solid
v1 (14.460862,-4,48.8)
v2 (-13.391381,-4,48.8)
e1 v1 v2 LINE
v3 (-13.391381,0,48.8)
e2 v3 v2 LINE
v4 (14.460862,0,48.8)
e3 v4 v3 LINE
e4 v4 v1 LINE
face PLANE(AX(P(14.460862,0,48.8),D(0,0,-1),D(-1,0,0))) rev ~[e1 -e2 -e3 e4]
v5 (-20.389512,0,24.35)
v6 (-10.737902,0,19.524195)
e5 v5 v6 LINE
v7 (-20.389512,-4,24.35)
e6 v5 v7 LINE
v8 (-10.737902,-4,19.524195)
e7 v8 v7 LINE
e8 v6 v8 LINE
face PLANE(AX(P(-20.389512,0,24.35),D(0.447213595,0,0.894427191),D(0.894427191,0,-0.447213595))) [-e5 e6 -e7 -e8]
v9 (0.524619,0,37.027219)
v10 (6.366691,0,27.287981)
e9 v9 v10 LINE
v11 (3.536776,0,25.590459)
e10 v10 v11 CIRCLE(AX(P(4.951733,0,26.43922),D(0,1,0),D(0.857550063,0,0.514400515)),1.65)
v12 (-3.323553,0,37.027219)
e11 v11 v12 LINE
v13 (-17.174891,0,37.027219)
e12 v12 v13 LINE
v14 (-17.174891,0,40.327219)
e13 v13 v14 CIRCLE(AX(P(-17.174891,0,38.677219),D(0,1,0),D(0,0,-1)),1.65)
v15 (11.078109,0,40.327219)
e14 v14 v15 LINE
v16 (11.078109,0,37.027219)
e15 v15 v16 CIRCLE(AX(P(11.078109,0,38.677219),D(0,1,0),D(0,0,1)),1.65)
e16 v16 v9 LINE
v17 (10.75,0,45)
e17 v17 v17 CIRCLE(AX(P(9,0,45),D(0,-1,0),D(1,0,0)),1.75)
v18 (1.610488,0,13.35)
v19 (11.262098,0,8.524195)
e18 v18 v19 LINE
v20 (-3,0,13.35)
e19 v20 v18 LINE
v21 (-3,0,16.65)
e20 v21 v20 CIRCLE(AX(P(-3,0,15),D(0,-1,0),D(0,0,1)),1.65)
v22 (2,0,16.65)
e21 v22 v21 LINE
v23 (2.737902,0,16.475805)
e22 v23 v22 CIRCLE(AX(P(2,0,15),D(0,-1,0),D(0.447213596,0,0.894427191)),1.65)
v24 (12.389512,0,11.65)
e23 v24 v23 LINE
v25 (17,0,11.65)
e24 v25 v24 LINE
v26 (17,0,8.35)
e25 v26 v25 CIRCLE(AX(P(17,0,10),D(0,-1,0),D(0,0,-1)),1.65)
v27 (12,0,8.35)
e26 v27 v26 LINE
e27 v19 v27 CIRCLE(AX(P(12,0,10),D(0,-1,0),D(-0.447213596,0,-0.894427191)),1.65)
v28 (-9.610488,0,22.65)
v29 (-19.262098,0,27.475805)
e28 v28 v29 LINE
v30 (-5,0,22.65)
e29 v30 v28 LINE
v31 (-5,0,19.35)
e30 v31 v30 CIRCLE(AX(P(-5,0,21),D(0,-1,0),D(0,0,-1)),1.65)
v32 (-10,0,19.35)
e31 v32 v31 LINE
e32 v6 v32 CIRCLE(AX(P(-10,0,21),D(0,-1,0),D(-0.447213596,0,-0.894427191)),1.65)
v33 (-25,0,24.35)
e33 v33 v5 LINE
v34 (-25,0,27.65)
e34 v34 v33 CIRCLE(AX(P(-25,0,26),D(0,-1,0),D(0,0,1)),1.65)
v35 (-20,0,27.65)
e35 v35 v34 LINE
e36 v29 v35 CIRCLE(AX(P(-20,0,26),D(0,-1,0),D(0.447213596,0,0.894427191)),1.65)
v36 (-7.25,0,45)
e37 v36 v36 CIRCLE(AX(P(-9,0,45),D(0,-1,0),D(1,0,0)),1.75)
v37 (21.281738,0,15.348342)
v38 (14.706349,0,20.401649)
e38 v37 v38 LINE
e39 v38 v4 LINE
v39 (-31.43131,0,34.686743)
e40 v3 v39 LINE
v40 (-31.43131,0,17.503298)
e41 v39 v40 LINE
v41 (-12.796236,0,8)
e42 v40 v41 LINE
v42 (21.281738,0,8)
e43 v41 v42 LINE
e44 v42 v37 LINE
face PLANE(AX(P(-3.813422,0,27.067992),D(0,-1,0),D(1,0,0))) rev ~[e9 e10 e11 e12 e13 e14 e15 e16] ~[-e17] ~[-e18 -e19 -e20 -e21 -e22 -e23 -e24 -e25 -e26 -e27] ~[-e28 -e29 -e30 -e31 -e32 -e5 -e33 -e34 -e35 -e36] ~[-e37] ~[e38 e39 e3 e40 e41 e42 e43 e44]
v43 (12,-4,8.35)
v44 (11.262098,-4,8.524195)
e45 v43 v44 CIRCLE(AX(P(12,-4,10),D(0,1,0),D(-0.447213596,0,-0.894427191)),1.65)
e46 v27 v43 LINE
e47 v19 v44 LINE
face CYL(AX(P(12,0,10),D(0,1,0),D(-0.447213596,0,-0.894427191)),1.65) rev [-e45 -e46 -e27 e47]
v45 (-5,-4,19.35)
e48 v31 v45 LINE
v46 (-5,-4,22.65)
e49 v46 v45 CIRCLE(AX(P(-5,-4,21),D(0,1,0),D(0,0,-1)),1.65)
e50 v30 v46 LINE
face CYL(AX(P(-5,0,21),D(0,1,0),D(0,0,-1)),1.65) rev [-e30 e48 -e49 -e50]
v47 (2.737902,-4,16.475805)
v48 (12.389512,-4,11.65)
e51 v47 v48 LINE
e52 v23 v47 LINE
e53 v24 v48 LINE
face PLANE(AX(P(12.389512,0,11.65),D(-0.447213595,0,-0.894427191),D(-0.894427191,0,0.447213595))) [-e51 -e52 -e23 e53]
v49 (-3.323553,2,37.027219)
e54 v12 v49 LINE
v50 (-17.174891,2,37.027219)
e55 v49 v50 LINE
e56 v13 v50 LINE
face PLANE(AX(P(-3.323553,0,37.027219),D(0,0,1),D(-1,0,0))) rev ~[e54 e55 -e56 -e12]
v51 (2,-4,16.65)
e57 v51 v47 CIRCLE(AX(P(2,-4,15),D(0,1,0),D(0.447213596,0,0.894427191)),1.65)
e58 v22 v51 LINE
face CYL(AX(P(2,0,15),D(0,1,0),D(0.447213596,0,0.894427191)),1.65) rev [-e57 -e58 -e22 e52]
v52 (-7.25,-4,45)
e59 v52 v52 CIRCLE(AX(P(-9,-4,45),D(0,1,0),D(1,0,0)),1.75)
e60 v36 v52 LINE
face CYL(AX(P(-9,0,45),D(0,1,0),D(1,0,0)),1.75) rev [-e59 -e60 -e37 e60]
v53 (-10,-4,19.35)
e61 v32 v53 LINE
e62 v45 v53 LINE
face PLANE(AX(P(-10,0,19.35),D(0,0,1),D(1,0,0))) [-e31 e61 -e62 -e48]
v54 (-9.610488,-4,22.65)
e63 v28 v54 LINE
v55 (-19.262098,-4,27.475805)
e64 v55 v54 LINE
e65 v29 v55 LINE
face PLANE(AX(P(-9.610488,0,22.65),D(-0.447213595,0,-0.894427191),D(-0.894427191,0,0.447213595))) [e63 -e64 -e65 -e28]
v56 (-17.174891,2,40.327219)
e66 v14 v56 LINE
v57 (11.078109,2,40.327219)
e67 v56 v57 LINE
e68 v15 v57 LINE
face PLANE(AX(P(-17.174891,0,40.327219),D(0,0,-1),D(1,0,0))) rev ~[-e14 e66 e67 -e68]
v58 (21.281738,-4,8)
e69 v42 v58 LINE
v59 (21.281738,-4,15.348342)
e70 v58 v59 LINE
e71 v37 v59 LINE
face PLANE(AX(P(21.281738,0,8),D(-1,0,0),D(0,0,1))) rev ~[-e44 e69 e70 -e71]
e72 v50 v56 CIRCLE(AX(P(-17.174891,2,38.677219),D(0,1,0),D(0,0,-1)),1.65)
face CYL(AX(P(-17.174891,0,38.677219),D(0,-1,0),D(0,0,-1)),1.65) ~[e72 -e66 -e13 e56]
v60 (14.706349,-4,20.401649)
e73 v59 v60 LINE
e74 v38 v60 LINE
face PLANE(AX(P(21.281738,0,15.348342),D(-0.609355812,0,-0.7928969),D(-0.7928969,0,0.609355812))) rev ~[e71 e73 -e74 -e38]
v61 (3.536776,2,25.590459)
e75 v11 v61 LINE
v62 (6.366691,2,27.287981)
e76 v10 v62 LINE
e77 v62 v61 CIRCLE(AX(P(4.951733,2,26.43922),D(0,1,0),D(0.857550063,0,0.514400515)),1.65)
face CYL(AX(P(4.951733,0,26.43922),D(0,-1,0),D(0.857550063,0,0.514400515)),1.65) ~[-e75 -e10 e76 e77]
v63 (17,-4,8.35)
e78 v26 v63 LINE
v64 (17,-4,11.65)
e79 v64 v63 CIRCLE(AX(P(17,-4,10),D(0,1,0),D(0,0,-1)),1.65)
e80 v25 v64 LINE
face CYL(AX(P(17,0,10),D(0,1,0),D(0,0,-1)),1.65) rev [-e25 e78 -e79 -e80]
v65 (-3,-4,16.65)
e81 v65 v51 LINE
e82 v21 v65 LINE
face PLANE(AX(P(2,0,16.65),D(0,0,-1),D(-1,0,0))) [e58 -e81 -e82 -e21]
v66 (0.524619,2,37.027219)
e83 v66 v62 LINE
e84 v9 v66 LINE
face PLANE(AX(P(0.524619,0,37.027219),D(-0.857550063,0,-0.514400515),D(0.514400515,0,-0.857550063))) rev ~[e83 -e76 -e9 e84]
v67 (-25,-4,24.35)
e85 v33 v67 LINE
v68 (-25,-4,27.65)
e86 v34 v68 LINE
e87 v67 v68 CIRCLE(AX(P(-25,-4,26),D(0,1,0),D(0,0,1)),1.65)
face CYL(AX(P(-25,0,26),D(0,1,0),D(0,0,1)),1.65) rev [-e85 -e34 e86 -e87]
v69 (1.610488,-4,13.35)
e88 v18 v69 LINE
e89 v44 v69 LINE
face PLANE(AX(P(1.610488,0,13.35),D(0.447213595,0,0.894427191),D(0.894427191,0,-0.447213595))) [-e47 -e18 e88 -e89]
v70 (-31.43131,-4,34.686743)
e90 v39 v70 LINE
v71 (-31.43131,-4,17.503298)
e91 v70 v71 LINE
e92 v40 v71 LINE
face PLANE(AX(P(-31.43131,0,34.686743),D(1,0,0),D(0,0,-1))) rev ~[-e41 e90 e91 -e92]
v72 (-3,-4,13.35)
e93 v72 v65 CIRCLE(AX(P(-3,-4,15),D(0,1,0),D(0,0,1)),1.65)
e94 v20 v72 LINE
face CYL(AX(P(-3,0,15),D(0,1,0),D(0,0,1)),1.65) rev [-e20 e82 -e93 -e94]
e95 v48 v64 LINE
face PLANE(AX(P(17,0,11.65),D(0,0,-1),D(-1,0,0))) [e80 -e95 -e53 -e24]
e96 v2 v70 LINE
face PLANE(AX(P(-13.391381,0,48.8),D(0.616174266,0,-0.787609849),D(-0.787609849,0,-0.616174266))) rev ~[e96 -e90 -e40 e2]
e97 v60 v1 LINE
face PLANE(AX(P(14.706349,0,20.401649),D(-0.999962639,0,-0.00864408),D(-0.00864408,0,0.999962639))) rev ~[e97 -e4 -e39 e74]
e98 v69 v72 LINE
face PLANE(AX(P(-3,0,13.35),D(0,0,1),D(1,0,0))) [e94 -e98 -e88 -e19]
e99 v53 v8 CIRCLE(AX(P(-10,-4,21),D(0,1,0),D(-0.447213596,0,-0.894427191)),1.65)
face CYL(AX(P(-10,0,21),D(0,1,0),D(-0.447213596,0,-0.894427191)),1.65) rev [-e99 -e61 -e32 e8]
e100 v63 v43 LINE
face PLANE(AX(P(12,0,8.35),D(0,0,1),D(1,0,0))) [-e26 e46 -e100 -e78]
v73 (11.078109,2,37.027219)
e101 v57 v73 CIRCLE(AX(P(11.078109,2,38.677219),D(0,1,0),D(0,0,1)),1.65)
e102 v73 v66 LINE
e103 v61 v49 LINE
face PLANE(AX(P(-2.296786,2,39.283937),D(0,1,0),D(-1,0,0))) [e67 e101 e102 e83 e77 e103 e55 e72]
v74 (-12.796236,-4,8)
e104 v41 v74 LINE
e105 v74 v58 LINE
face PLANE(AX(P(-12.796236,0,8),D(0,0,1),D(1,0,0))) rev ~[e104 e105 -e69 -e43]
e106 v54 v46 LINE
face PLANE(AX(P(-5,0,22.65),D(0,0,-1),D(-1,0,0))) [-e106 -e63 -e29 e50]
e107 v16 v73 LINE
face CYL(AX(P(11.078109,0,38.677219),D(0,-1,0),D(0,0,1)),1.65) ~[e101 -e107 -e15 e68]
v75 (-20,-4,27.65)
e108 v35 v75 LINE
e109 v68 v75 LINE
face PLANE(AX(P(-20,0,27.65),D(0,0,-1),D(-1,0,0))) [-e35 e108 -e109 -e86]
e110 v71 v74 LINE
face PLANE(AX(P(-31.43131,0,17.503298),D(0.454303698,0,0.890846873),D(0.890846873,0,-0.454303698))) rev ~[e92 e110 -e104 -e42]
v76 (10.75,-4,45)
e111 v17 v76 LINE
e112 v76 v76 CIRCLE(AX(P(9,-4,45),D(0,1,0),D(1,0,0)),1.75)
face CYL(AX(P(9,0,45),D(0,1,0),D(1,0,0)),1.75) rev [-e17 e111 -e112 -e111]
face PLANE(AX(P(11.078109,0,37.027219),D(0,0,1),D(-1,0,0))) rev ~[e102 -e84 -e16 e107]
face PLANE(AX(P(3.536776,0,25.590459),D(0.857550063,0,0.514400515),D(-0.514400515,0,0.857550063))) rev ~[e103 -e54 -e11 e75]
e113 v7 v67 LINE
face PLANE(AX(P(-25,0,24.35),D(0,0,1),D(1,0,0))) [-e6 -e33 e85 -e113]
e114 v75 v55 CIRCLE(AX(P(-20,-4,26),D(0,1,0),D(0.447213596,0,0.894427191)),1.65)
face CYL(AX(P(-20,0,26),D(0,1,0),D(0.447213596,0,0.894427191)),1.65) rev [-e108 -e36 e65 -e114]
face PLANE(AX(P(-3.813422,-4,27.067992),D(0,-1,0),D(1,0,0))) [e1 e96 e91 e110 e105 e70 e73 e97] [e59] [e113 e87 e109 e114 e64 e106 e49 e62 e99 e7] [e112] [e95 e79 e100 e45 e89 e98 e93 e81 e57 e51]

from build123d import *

# Parameters (mm, degrees)
F4_DEPTH = 4
F0_R     = 1.75
F5_DEPTH = 25
F7_DEPTH = 2


with BuildPart() as f4:
    # F3 (on Front) → F4 (new body)
    with BuildSketch(Plane.XZ):
        Polygon((14.7063490003, 20.4016491771), (14.4608622171, 48.8), (-13.3913809769, 48.8), (-31.4313102054, 34.6867430935), (-31.4313102054, 17.5032976646), (-12.7962362449, 8), (21.2817378342, 8), (21.2817378342, 15.3483422473), align=None)
    extrude(amount=F4_DEPTH)

    # F0 (on Front) + F1 (on Front) + F2 (on Front) → F5 (cut)
    with BuildSketch(Plane.XZ):
        with Locations((-9, 45)):
            Circle(F0_R)
        with Locations((9, 45)):
            Circle(F0_R)
    with BuildSketch(Plane.XZ):
        with BuildLine():
            Line((10.5241951349, 10.7379024326), (12, 10))
            Line((12, 10), (13.65, 10))
            ThreePointArc((13.65, 10), (13.4035738338, 10.867456335), (12.7379024326, 11.4758048651))
            Line((12.7379024326, 11.4758048651), (12.3895121629, 11.65))
            Line((12.3895121629, 11.65), (12, 11.65))
            ThreePointArc((12, 11.65), (11.132543665, 11.4035738338), (10.5241951349, 10.7379024326))
        make_face()
        with BuildLine():
            Line((13.65, 10), (12, 10))
            Line((12, 10), (10.5241951349, 10.7379024326))
            ThreePointArc((10.5241951349, 10.7379024326), (10.4346725582, 9.4782241861), (11.2620975674, 8.5241951349))
            ThreePointArc((11.2620975674, 8.5241951349), (11.6209076811, 8.3941391674), (12, 8.35))
            ThreePointArc((12, 8.35), (13.166726189, 8.833273811), (13.65, 10))
        make_face()
        with BuildLine():
            ThreePointArc((12.7379024326, 11.4758048651), (13.4035738338, 10.867456335), (13.65, 10))
            ThreePointArc((13.65, 10), (13.166726189, 8.833273811), (12, 8.35))
            Line((12, 8.35), (17, 8.35))
            ThreePointArc((17, 8.35), (18.65, 10), (17, 11.65))
            Line((17, 11.65), (12.3895121629, 11.65))
            Line((12.3895121629, 11.65), (12.7379024326, 11.4758048651))
        make_face()
        with BuildLine():
            ThreePointArc((11.2620975674, 8.5241951349), (10.4346725582, 9.4782241861), (10.5241951349, 10.7379024326))
            Line((10.5241951349, 10.7379024326), (3.4758048651, 14.2620975674))
            ThreePointArc((3.4758048651, 14.2620975674), (2.867456335, 13.5964261662), (2, 13.35))
            Line((2, 13.35), (1.6104878371, 13.35))
            Line((1.6104878371, 13.35), (11.2620975674, 8.5241951349))
        make_face()
        with BuildLine():
            Line((3.4758048651, 14.2620975674), (10.5241951349, 10.7379024326))
            ThreePointArc((10.5241951349, 10.7379024326), (11.132543665, 11.4035738338), (12, 11.65))
            Line((12, 11.65), (12.3895121629, 11.65))
            Line((12.3895121629, 11.65), (2.7379024326, 16.4758048651))
            ThreePointArc((2.7379024326, 16.4758048651), (3.5653274418, 15.5217758139), (3.4758048651, 14.2620975674))
        make_face()
        with BuildLine():
            ThreePointArc((2, 13.35), (2.867456335, 13.5964261662), (3.4758048651, 14.2620975674))
            Line((3.4758048651, 14.2620975674), (2, 15))
            Line((2, 15), (0.35, 15))
            ThreePointArc((0.35, 15), (0.5964261662, 14.132543665), (1.2620975674, 13.5241951349))
            Line((1.2620975674, 13.5241951349), (1.6104878371, 13.35))
            Line((1.6104878371, 13.35), (2, 13.35))
        make_face()
        with BuildLine():
            Line((2, 15), (3.4758048651, 14.2620975674))
            ThreePointArc((3.4758048651, 14.2620975674), (3.5653274418, 15.5217758139), (2.7379024326, 16.4758048651))
            ThreePointArc((2.7379024326, 16.4758048651), (2.3790923189, 16.6058608326), (2, 16.65))
            ThreePointArc((2, 16.65), (0.833273811, 16.166726189), (0.35, 15))
            Line((0.35, 15), (2, 15))
        make_face()
        with BuildLine():
            Line((-3, 13.35), (1.6104878371, 13.35))
            Line((1.6104878371, 13.35), (1.2620975674, 13.5241951349))
            ThreePointArc((1.2620975674, 13.5241951349), (0.5964261662, 14.132543665), (0.35, 15))
            ThreePointArc((0.35, 15), (0.833273811, 16.166726189), (2, 16.65))
            Line((2, 16.65), (-3, 16.65))
            ThreePointArc((-3, 16.65), (-4.65, 15), (-3, 13.35))
        make_face()
    with BuildSketch(Plane.XZ):
        with BuildLine():
            Line((-11.4758048651, 21.7379024326), (-10, 21))
            Line((-10, 21), (-8.35, 21))
            ThreePointArc((-8.35, 21), (-8.5964261662, 21.867456335), (-9.2620975674, 22.4758048651))
            Line((-9.2620975674, 22.4758048651), (-9.6104878371, 22.65))
            Line((-9.6104878371, 22.65), (-10, 22.65))
            ThreePointArc((-10, 22.65), (-10.867456335, 22.4035738338), (-11.4758048651, 21.7379024326))
        make_face()
        with BuildLine():
            Line((-8.35, 21), (-10, 21))
            Line((-10, 21), (-11.4758048651, 21.7379024326))
            ThreePointArc((-11.4758048651, 21.7379024326), (-11.5653274418, 20.4782241861), (-10.7379024326, 19.5241951349))
            ThreePointArc((-10.7379024326, 19.5241951349), (-10.3790923189, 19.3941391674), (-10, 19.35))
            ThreePointArc((-10, 19.35), (-8.833273811, 19.833273811), (-8.35, 21))
        make_face()
        with BuildLine():
            ThreePointArc((-9.2620975674, 22.4758048651), (-8.5964261662, 21.867456335), (-8.35, 21))
            ThreePointArc((-8.35, 21), (-8.833273811, 19.833273811), (-10, 19.35))
            Line((-10, 19.35), (-5, 19.35))
            ThreePointArc((-5, 19.35), (-3.35, 21), (-5, 22.65))
            Line((-5, 22.65), (-9.6104878371, 22.65))
            Line((-9.6104878371, 22.65), (-9.2620975674, 22.4758048651))
        make_face()
        with BuildLine():
            ThreePointArc((-10.7379024326, 19.5241951349), (-11.5653274418, 20.4782241861), (-11.4758048651, 21.7379024326))
            Line((-11.4758048651, 21.7379024326), (-18.5241951349, 25.2620975674))
            ThreePointArc((-18.5241951349, 25.2620975674), (-19.132543665, 24.5964261662), (-20, 24.35))
            Line((-20, 24.35), (-20.3895121629, 24.35))
            Line((-20.3895121629, 24.35), (-10.7379024326, 19.5241951349))
        make_face()
        with BuildLine():
            Line((-18.5241951349, 25.2620975674), (-11.4758048651, 21.7379024326))
            ThreePointArc((-11.4758048651, 21.7379024326), (-10.867456335, 22.4035738338), (-10, 22.65))
            Line((-10, 22.65), (-9.6104878371, 22.65))
            Line((-9.6104878371, 22.65), (-19.2620975674, 27.4758048651))
            ThreePointArc((-19.2620975674, 27.4758048651), (-18.4346725582, 26.5217758139), (-18.5241951349, 25.2620975674))
        make_face()
        with BuildLine():
            ThreePointArc((-20, 24.35), (-19.132543665, 24.5964261662), (-18.5241951349, 25.2620975674))
            Line((-18.5241951349, 25.2620975674), (-20, 26))
            Line((-20, 26), (-21.65, 26))
            ThreePointArc((-21.65, 26), (-21.4035738338, 25.132543665), (-20.7379024326, 24.5241951349))
            Line((-20.7379024326, 24.5241951349), (-20.3895121629, 24.35))
            Line((-20.3895121629, 24.35), (-20, 24.35))
        make_face()
        with BuildLine():
            Line((-20, 26), (-18.5241951349, 25.2620975674))
            ThreePointArc((-18.5241951349, 25.2620975674), (-18.4346725582, 26.5217758139), (-19.2620975674, 27.4758048651))
            ThreePointArc((-19.2620975674, 27.4758048651), (-19.6209076811, 27.6058608326), (-20, 27.65))
            ThreePointArc((-20, 27.65), (-21.166726189, 27.166726189), (-21.65, 26))
            Line((-21.65, 26), (-20, 26))
        make_face()
        with BuildLine():
            Line((-25, 24.35), (-20.3895121629, 24.35))
            Line((-20.3895121629, 24.35), (-20.7379024326, 24.5241951349))
            ThreePointArc((-20.7379024326, 24.5241951349), (-21.4035738338, 25.132543665), (-21.65, 26))
            ThreePointArc((-21.65, 26), (-21.166726189, 27.166726189), (-20, 27.65))
            Line((-20, 27.65), (-25, 27.65))
            ThreePointArc((-25, 27.65), (-26.65, 26), (-25, 24.35))
        make_face()
    extrude(amount=F5_DEPTH, mode=Mode.SUBTRACT)

    # F6 (on face) → F7 (join)
    with BuildSketch(Plane(origin=(0, 0, 0), x_dir=(-1, 0, 0), z_dir=(0, 1, 0))):
        with BuildLine():
            Line((0.9742605893, 39.5259801518), (0.4651322738, 38.6772193015))
            Line((0.4651322738, 38.6772193015), (2.3892181925, 38.6772193015))
            Line((2.3892181925, 38.6772193015), (4.0392181925, 38.6772193015))
            ThreePointArc((4.0392181925, 38.6772193015), (3.5559443815, 39.8439454904), (2.3892181925, 40.3272193015))
            ThreePointArc((2.3892181925, 40.3272193015), (1.5761854143, 40.1130040003), (0.9742605893, 39.5259801518))
        make_face()
        with BuildLine():
            Line((-0.5246185145, 37.0272193015), (0.4651322738, 38.6772193015))
            Line((0.4651322738, 38.6772193015), (0.9742605893, 39.5259801518))
            ThreePointArc((0.9742605893, 39.5259801518), (1.5761854143, 40.1130040003), (2.3892181925, 40.3272193015))
            Line((2.3892181925, 40.3272193015), (-11.0781090334, 40.3272193015))
            ThreePointArc((-11.0781090334, 40.3272193015), (-12.7281090334, 38.6772193015), (-11.0781090334, 37.0272193015))
            Line((-11.0781090334, 37.0272193015), (-0.5246185145, 37.0272193015))
        make_face()
        Polygon((2.3892181925, 38.6772193015), (0.4651322738, 38.6772193015), (-0.5246185145, 37.0272193015), (1.3994674043, 37.0272193015), align=None)
        with BuildLine():
            Line((4.0392181925, 38.6772193015), (2.3892181925, 38.6772193015))
            Line((2.3892181925, 38.6772193015), (1.3994674043, 37.0272193015))
            Line((1.3994674043, 37.0272193015), (3.3235533231, 37.0272193015))
            Line((3.3235533231, 37.0272193015), (3.8041757958, 37.8284584511))
            ThreePointArc((3.8041757958, 37.8284584511), (3.9793722803, 38.2368671954), (4.0392181925, 38.6772193015))
        make_face()
        with BuildLine():
            Line((1.3994674043, 37.0272193015), (-0.5246185145, 37.0272193015))
            Line((-0.5246185145, 37.0272193015), (-6.3666907677, 27.2879805636))
            ThreePointArc((-6.3666907677, 27.2879805636), (-5.8004940149, 25.02426211), (-3.5367755613, 25.5904588628))
            Line((-3.5367755613, 25.5904588628), (3.3235533231, 37.0272193015))
            Line((3.3235533231, 37.0272193015), (1.3994674043, 37.0272193015))
        make_face()
        with BuildLine():
            ThreePointArc((2.3892181925, 40.3272193015), (3.5559443815, 39.8439454904), (4.0392181925, 38.6772193015))
            ThreePointArc((4.0392181925, 38.6772193015), (3.9793722803, 38.2368671954), (3.8041757958, 37.8284584511))
            Line((3.8041757958, 37.8284584511), (3.3235533231, 37.0272193015))
            Line((3.3235533231, 37.0272193015), (17.1748909666, 37.0272193015))
            ThreePointArc((17.1748909666, 37.0272193015), (18.8248909666, 38.6772193015), (17.1748909666, 40.3272193015))
            Line((17.1748909666, 40.3272193015), (2.3892181925, 40.3272193015))
        make_face()
    extrude(amount=F7_DEPTH)


solid = f4.part
